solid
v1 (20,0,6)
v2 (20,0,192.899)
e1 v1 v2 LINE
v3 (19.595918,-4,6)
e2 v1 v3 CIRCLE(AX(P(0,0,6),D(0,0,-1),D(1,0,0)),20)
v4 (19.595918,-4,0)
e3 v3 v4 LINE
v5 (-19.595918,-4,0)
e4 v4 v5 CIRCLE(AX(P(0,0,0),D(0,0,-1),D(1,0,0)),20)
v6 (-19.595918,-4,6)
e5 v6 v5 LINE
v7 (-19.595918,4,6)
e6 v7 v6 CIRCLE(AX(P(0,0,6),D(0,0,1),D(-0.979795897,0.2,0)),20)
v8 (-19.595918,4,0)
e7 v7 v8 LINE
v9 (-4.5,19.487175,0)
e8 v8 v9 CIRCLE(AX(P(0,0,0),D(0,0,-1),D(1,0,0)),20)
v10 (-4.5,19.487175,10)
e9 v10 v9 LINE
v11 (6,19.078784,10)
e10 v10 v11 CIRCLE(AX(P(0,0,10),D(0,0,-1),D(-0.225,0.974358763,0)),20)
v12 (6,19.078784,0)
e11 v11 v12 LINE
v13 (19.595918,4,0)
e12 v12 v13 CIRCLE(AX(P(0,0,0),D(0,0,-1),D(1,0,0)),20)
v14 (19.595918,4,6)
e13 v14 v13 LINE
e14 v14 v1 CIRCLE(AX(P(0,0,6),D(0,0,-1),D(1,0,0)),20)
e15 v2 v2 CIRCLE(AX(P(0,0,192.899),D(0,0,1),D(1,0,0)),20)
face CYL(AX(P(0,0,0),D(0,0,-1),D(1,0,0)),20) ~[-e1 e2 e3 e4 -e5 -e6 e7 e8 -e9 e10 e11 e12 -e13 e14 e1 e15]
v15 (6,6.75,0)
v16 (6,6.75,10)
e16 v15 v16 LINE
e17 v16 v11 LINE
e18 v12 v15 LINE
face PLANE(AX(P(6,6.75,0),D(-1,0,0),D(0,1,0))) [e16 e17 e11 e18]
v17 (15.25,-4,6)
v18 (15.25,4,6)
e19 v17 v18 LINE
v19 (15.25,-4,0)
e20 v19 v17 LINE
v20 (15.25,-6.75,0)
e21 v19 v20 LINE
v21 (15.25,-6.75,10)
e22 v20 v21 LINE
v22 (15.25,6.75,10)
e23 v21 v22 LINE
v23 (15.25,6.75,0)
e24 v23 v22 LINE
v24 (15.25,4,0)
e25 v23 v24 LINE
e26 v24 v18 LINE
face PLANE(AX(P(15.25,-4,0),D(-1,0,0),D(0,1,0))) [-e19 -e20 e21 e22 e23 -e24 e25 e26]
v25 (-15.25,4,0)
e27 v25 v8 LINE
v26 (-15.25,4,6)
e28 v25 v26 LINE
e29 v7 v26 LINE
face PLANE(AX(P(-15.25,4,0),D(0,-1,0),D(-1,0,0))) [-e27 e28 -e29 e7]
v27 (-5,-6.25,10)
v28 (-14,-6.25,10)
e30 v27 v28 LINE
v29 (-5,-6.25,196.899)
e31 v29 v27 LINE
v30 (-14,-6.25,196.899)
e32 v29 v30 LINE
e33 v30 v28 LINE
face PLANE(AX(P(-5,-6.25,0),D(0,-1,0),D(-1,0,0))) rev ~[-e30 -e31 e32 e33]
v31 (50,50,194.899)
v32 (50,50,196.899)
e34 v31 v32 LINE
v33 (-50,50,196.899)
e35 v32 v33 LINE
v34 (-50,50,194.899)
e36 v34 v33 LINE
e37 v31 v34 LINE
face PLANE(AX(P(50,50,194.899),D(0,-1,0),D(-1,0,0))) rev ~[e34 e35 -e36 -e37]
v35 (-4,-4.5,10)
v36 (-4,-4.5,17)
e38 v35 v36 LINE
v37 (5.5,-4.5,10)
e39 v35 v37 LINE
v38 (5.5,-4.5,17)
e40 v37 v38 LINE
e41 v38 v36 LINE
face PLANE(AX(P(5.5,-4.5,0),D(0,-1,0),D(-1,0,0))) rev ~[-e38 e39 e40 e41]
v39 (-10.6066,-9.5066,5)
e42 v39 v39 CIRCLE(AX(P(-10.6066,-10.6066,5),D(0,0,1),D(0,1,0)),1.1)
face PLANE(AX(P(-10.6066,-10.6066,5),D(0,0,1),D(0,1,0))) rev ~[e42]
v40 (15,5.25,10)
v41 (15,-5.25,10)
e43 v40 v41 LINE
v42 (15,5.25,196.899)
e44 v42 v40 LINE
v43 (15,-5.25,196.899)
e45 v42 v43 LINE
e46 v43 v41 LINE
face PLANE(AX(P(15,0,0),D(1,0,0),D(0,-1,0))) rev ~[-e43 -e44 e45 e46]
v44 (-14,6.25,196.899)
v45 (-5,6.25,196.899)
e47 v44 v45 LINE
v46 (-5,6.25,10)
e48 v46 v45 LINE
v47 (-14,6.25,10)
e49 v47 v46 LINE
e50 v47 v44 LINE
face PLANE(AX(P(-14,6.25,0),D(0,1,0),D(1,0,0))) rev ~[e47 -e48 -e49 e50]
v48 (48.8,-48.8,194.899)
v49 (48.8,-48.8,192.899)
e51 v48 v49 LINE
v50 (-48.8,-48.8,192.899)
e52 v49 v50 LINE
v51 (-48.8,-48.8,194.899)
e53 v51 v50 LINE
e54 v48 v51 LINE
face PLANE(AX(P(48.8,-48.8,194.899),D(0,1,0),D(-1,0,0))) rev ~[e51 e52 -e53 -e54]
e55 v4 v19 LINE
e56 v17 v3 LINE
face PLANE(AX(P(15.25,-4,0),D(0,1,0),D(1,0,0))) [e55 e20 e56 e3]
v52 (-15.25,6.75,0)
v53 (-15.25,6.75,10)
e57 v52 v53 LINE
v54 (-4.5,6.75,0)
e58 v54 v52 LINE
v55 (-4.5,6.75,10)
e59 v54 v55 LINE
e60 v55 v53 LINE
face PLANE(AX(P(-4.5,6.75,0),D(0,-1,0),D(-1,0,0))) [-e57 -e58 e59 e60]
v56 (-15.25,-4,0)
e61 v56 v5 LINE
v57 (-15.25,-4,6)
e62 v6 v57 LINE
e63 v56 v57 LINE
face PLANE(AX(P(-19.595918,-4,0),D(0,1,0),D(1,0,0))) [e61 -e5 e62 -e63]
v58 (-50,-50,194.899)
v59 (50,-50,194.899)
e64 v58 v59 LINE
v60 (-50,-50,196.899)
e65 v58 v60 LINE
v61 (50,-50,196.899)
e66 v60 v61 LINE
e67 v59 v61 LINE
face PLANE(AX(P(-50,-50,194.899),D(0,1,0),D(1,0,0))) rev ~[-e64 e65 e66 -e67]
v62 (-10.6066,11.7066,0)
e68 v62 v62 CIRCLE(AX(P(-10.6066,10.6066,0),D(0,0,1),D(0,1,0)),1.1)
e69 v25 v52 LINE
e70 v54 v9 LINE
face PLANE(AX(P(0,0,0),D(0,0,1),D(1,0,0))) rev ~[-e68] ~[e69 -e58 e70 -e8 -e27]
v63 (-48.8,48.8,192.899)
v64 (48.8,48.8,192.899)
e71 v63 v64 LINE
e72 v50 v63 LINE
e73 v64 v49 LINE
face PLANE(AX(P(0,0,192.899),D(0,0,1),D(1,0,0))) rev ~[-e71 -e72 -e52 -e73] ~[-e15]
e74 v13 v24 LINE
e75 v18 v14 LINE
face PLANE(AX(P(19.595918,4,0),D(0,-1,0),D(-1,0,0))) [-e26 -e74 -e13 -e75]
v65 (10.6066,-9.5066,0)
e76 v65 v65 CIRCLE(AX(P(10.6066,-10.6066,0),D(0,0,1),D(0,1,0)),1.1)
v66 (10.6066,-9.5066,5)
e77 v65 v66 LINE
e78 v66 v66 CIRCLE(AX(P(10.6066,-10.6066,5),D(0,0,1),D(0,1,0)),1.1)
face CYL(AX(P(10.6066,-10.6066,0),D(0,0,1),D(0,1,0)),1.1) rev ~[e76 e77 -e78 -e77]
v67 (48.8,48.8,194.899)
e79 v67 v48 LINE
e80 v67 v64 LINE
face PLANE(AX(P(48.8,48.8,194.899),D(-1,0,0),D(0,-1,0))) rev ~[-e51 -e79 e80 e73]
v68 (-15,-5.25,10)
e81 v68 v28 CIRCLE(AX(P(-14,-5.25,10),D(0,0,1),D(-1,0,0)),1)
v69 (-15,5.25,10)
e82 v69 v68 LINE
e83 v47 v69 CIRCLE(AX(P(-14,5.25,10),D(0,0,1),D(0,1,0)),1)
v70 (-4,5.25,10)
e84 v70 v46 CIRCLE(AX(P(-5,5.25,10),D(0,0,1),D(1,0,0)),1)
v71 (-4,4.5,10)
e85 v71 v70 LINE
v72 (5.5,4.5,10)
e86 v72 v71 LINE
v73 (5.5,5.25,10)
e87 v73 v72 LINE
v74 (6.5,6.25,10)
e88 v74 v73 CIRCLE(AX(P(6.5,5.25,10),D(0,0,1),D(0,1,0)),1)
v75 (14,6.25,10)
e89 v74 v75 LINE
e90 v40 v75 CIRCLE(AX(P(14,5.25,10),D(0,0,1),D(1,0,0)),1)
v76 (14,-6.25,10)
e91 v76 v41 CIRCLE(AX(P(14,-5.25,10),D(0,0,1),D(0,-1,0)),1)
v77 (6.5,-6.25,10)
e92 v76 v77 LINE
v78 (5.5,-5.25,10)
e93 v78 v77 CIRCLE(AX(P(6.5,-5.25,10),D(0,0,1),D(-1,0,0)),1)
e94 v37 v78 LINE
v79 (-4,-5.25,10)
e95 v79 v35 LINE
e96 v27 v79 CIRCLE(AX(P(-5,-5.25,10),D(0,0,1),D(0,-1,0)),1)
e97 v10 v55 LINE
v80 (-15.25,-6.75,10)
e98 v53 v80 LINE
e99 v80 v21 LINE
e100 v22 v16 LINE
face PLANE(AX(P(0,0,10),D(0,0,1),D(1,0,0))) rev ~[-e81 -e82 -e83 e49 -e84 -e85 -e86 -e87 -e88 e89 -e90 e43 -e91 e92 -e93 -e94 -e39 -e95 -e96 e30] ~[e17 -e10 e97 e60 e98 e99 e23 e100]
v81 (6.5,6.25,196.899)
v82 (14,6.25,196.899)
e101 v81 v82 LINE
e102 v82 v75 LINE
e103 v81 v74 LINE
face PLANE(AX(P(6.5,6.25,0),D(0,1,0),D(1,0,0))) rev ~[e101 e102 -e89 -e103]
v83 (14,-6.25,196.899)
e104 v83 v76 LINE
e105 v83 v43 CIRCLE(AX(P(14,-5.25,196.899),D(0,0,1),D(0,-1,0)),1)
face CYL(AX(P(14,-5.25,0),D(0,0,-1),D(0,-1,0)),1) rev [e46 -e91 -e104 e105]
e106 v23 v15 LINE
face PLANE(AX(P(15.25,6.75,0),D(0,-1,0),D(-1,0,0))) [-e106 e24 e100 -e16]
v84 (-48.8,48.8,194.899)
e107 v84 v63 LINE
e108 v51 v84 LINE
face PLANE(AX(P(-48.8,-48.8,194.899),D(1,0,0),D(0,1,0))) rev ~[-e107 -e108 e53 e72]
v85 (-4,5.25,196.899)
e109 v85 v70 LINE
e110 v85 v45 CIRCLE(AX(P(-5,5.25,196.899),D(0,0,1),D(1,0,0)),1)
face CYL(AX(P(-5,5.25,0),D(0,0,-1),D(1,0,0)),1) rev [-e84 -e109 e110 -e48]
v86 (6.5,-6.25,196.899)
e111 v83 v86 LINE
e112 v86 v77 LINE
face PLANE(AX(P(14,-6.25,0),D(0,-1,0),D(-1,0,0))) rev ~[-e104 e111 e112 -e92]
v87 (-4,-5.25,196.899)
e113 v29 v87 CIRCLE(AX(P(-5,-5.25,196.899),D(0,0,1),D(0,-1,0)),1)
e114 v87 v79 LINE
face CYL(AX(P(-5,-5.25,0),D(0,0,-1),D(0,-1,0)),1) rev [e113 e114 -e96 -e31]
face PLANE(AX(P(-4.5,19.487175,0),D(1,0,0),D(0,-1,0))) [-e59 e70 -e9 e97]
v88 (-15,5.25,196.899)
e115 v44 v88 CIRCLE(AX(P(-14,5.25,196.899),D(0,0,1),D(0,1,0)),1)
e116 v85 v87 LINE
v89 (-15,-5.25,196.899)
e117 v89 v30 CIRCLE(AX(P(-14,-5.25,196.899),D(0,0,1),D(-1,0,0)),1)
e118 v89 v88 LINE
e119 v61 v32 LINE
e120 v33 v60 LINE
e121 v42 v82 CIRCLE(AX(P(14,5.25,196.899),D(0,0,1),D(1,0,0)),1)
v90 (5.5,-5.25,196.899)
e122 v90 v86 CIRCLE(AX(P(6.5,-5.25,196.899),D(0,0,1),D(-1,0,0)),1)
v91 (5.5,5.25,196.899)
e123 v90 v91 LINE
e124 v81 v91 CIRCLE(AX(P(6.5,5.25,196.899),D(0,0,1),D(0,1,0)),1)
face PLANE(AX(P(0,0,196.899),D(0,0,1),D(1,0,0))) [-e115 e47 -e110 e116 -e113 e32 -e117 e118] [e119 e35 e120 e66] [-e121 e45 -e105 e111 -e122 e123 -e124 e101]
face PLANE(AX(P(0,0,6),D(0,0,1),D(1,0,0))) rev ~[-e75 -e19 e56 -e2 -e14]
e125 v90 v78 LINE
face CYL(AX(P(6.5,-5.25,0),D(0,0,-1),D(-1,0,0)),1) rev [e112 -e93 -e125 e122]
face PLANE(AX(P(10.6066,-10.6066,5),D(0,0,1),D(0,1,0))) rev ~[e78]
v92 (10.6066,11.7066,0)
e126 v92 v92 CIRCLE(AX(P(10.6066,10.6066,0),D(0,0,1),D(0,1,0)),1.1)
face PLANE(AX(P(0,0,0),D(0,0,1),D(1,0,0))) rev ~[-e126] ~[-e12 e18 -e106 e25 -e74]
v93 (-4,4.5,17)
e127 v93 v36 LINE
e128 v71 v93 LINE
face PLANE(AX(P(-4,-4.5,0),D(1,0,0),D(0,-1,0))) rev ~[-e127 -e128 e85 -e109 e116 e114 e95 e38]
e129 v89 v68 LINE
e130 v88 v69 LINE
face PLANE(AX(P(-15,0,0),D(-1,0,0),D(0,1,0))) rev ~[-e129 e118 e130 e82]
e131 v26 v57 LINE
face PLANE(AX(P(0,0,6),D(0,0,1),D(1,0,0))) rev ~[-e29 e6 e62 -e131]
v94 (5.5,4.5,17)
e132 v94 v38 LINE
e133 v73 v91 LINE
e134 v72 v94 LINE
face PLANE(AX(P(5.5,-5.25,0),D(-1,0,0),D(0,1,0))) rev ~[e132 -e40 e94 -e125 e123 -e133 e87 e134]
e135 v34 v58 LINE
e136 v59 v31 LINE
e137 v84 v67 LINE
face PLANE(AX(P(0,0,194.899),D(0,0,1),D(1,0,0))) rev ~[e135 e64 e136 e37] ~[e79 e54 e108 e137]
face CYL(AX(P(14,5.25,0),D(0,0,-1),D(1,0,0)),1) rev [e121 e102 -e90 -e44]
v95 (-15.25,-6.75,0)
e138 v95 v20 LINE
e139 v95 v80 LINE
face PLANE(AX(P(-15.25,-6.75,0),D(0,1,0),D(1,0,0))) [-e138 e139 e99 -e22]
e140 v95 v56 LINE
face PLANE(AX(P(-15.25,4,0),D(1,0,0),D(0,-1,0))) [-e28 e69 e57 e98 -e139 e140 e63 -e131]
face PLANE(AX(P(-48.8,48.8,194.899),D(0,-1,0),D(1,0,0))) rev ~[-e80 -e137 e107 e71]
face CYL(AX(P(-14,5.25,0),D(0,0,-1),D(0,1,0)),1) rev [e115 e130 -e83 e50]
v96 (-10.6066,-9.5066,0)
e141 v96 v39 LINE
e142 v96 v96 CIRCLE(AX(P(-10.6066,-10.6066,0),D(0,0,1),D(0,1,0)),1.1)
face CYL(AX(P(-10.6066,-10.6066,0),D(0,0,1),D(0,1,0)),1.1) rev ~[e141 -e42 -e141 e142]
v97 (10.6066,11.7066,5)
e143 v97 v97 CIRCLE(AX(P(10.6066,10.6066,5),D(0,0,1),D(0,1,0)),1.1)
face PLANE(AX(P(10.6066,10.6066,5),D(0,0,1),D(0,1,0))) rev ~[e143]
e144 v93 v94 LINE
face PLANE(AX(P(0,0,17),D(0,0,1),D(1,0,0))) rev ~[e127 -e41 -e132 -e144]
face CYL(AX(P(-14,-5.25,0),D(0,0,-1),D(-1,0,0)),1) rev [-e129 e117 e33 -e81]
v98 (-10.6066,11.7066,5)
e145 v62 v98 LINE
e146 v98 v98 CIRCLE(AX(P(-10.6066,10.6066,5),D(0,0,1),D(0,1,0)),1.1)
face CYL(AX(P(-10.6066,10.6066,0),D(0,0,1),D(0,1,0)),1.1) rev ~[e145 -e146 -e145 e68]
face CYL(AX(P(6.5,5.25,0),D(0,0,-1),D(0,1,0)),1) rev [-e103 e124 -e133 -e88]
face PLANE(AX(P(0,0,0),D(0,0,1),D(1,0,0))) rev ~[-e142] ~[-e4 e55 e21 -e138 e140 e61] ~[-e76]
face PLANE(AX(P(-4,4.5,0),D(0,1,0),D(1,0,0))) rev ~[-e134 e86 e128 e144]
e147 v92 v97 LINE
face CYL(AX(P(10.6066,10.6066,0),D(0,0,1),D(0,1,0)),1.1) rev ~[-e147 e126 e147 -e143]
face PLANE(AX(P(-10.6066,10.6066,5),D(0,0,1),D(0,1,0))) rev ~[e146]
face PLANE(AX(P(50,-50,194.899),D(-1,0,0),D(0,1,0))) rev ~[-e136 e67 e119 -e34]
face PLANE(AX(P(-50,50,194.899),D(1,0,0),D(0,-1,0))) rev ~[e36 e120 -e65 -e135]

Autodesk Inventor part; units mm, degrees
ref_plane "YZ Plane" through (0, 0, 0) normal (1, 0, 0) x (0, 1, 0)
ref_plane "XZ Plane" through (0, 0, 0) normal (0, 1, 0) x (-1, 0, 0)
ref_plane "XY Plane" through (0, 0, 0) normal (0, 0, 1) x (1, 0, 0)
sketch "Skizze1" plane through (0, 0, 0) normal (0, 0, 1) x (1, 0, 0)
  line L0 (-14, 6.25) -> (-5, 6.25)
  line L1 (-4, 5.25) -> (-4, -5.25)
  line L2 (-5, -6.25) -> (-14, -6.25)
  line L3 (-15, -5.25) -> (-15, 5.25)
  line L4 (-15, 6.25) -> (-4, -6.25) construction
  line L5 (-4, 6.25) -> (-15, -6.25) construction
  line L6 (6.5, 6.25) -> (14, 6.25)
  line L7 (15, 5.25) -> (15, -5.25)
  line L8 (14, -6.25) -> (6.5, -6.25)
  line L9 (5.5, -5.25) -> (5.5, 5.25)
  line L10 (5.5, 6.25) -> (15, -6.25) construction
  line L11 (15, 6.25) -> (5.5, -6.25) construction
  arc A0 (-15, -5.25) -> (-14, -6.25) centre (-14, -5.25) ccw
  arc A1 (-14, 6.25) -> (-15, 5.25) centre (-14, 5.25) ccw
  arc A2 (-4, 5.25) -> (-5, 6.25) centre (-5, 5.25) ccw
  arc A3 (-5, -6.25) -> (-4, -5.25) centre (-5, -5.25) ccw
  arc A4 (6.5, 6.25) -> (5.5, 5.25) centre (6.5, 5.25) ccw
  arc A5 (15, 5.25) -> (14, 6.25) centre (14, 5.25) ccw
  arc A6 (14, -6.25) -> (15, -5.25) centre (14, -5.25) ccw
  arc A7 (5.5, -5.25) -> (6.5, -6.25) centre (6.5, -5.25) ccw
  line L12 (-4, 4.5) -> (5.5, 4.5)
  line L13 (5.5, 4.5) -> (5.5, -4.5)
  line L14 (5.5, -4.5) -> (-4, -4.5)
  line L15 (-4, -4.5) -> (-4, 4.5)
  circle A8 centre (0, 0) radius 20
  line L16 (-15.25, -6.75) -> (15.25, -6.75)
  line L17 (15.25, -6.75) -> (15.25, 6.75)
  line L18 (15.25, 6.75) -> (-15.25, 6.75)
  line L19 (-15.25, 6.75) -> (-15.25, -6.75)
  line L20 (-15.25, -6.75) -> (15.25, 6.75) construction
  line L21 (15.25, -6.75) -> (-15.25, 6.75) construction
  line L22 (0, 6.75) -> (0, -6.75) construction
  line L23 (-28, 0) -> (28, 0) projected
  circle A9 centre (0, 0) radius 15 construction
  line L24 (10.6066, 10.6066) -> (-10.6066, -10.6066) construction
  line L25 (-10.6066, 10.6066) -> (10.6066, -10.6066) construction
  line L26 (6, 20) -> (-4.5, 20)
  line L27 (-4.5, 20) -> (-4.5, 4.5)
  line L28 (-4.5, 4.5) -> (6, 4.5)
  line L29 (6, 4.5) -> (6, 20)
  line L30 (20, 4) -> (15.25, 4)
  line L31 (15.25, 4) -> (15.25, -4)
  line L32 (15.25, -4) -> (20, -4)
  line L33 (20, -4) -> (20, 4)
  line L34 (-15.25, 4) -> (-20, 4)
  line L35 (-20, 4) -> (-20, -4)
  line L36 (-20, -4) -> (-15.25, -4)
  line L37 (-15.25, -4) -> (-15.25, 4)
  point P0 (-9.5, 0)
  point P1 (10.25, 0)
  point P2 (-9.5, 0)
  point P3 (10.25, 0)
  point P4 (-9.5, 0)
  point P5 (-4, 0)
  point P6 (5.5, 0)
  point P7 (10.25, 0)
  point P8 (0.75, 4.5)
  point P9 (0, 0)
  point P10 (0.75, 20)
  dimension "d5" = 12.5
  dimension "d6" = 11
  dimension "d7" = 9.5
  dimension "d9" = 1
  dimension "d10" = 1
  dimension "d12" = 9
  dimension "d14" = 40
  dimension "d15" = 13.5
  dimension "d16" = 30.5
  dimension "d17" = 30
  dimension "d18" = 9.5
  dimension "d47" = 30
  dimension "d48" = 90
  dimension "d49" = 45
  dimension "d50" = 10.5
  dimension "d55" = 8
extrude "Extrusion1" add sketch "Skizze1" along normal blind 194.899 contours A1 L3 L23 L19 L18 L27 A2 L0 | L27 L18 L29 A4 L9 L12 L1 A2 | L3 A0 L2 A3 L1 L14 L9 A7 L8 A6 L7 L23 L17 L16 L19 | L27 A8 L29 L18 | L18 L19 L34 A8 L27 | L23 A8 L34 L19 | L19 L36 A8 L23 | L23 L9 L14 L1 | L1 L12 L9 L23 | L29 A8 L30 L17 L18 | L18 L17 L23 L7 A5 L6 A4 L29 | L19 L16 L17 L32 A8 L36 | L30 A8 L23 L17 | L32 L17 L23 A8
extrude "Extrusion4" cut sketch "Skizze1" along normal blind 10 contours A1 L3 L23 L19 L18 L27 A2 L0 | L27 L18 L29 A4 L9 L12 L1 A2 | A2 L1 L28 L27 | L3 A0 L2 A3 L1 L14 L9 A7 L8 A6 L7 L23 L17 L16 L19 | L27 A8 L29 L18 | L23 L9 L14 L1 | L1 L12 L9 L23 | L18 L17 L23 L7 A5 L6 A4 L29 | L27 L26 A8 | L9 A4 L29 L28 | A8 L26 L29
extrude "Extrusion6" cut sketch "Skizze1" along normal blind 17 contours L23 L9 L14 L1 | L1 L12 L9 L23
extrude "Extrusion5" cut sketch "Skizze1" along normal blind 6 contours L23 A8 L34 L19 | L19 L36 A8 L23 | L35 L34 A8 | A8 L36 L35 | L30 A8 L23 L17 | L30 L33 A8 | L32 L17 L23 A8 | A8 L33 L32
sketch "Skizze2" plane through (0, 0, 194.899) normal (0, 0, 1) x (1, 0, 0)
  arc A0 (-15, -5.25) -> (-14, -6.25) centre (-14, -5.25) ccw projected
  line L0 (-15, -5.25) -> (-15, 5.25) projected
  arc A1 (-14, 6.25) -> (-15, 5.25) centre (-14, 5.25) ccw projected
  line L1 (-14, 6.25) -> (-5, 6.25) projected
  arc A2 (-4, 5.25) -> (-5, 6.25) centre (-5, 5.25) ccw projected
  line L2 (-4, 5.25) -> (-4, -5.25) projected
  arc A3 (-5, -6.25) -> (-4, -5.25) centre (-5, -5.25) ccw projected
  line L3 (-5, -6.25) -> (-14, -6.25) projected
  arc A4 (6.5, 6.25) -> (5.5, 5.25) centre (6.5, 5.25) ccw projected
  line L4 (6.5, 6.25) -> (14, 6.25) projected
  arc A5 (15, 5.25) -> (14, 6.25) centre (14, 5.25) ccw projected
  line L5 (15, 5.25) -> (15, -5.25) projected
  arc A6 (14, -6.25) -> (15, -5.25) centre (14, -5.25) ccw projected
  line L6 (14, -6.25) -> (6.5, -6.25) projected
  arc A7 (5.5, -5.25) -> (6.5, -6.25) centre (6.5, -5.25) ccw projected
  line L7 (5.5, -5.25) -> (5.5, 5.25) projected
  circle A8 centre (0, 0) radius 20 projected
  line L8 (-50, -50) -> (50, -50)
  line L9 (50, -50) -> (50, 50)
  line L10 (50, 50) -> (-50, 50)
  line L11 (-50, 50) -> (-50, -50)
  line L12 (-50, -50) -> (50, 50) construction
  line L13 (50, -50) -> (-50, 50) construction
  line L14 (-48.8, 48.8) -> (48.8, 48.8)
  line L15 (48.8, 48.8) -> (48.8, -48.8)
  line L16 (48.8, -48.8) -> (-48.8, -48.8)
  line L17 (-48.8, -48.8) -> (-48.8, 48.8)
  dimension "d19" = 100
  dimension "d20" = 100
  dimension "d21" = 1.2
extrude "Extrusion2" add sketch "Skizze2" along normal blind 2 contours A8 | L11 L10 L9 L8 | L14 L15 L16 L17
extrude "Extrusion3" add sketch "Skizze2" against normal blind 2 contours L14 L15 L16 L17
hole "Bohrung1" at (10.6066, 10.6066, 0) at (-10.6066, 10.6066, 0) at (-10.6066, -10.6066, 0) at (10.6066, -10.6066, 0) direction (0, 0, 1) diameter 2.2 depth 5
sketch "Skizze3" plane through (0, 0, 0) normal (0, 1, 0) x (-1, 0, 0)
  line L0 (20, 12) -> (20.5, 12)
  line L1 (20.5, 12) -> (20.5, 0)
  line L2 (20.5, 0) -> (20, 0)
  line L3 (20, 0) -> (20, 12)
  line L4 (20.6, 0) -> (19.9, 0) projected
  line L5 (0, -2.4) -> (0, 14.4) projected
  dimension "d26" = 12
  dimension "d27" = 0.5
  dimension "d37" = 40
equation "\"d20\" = d19"
properties part number "DayLightGlow_Rod"
